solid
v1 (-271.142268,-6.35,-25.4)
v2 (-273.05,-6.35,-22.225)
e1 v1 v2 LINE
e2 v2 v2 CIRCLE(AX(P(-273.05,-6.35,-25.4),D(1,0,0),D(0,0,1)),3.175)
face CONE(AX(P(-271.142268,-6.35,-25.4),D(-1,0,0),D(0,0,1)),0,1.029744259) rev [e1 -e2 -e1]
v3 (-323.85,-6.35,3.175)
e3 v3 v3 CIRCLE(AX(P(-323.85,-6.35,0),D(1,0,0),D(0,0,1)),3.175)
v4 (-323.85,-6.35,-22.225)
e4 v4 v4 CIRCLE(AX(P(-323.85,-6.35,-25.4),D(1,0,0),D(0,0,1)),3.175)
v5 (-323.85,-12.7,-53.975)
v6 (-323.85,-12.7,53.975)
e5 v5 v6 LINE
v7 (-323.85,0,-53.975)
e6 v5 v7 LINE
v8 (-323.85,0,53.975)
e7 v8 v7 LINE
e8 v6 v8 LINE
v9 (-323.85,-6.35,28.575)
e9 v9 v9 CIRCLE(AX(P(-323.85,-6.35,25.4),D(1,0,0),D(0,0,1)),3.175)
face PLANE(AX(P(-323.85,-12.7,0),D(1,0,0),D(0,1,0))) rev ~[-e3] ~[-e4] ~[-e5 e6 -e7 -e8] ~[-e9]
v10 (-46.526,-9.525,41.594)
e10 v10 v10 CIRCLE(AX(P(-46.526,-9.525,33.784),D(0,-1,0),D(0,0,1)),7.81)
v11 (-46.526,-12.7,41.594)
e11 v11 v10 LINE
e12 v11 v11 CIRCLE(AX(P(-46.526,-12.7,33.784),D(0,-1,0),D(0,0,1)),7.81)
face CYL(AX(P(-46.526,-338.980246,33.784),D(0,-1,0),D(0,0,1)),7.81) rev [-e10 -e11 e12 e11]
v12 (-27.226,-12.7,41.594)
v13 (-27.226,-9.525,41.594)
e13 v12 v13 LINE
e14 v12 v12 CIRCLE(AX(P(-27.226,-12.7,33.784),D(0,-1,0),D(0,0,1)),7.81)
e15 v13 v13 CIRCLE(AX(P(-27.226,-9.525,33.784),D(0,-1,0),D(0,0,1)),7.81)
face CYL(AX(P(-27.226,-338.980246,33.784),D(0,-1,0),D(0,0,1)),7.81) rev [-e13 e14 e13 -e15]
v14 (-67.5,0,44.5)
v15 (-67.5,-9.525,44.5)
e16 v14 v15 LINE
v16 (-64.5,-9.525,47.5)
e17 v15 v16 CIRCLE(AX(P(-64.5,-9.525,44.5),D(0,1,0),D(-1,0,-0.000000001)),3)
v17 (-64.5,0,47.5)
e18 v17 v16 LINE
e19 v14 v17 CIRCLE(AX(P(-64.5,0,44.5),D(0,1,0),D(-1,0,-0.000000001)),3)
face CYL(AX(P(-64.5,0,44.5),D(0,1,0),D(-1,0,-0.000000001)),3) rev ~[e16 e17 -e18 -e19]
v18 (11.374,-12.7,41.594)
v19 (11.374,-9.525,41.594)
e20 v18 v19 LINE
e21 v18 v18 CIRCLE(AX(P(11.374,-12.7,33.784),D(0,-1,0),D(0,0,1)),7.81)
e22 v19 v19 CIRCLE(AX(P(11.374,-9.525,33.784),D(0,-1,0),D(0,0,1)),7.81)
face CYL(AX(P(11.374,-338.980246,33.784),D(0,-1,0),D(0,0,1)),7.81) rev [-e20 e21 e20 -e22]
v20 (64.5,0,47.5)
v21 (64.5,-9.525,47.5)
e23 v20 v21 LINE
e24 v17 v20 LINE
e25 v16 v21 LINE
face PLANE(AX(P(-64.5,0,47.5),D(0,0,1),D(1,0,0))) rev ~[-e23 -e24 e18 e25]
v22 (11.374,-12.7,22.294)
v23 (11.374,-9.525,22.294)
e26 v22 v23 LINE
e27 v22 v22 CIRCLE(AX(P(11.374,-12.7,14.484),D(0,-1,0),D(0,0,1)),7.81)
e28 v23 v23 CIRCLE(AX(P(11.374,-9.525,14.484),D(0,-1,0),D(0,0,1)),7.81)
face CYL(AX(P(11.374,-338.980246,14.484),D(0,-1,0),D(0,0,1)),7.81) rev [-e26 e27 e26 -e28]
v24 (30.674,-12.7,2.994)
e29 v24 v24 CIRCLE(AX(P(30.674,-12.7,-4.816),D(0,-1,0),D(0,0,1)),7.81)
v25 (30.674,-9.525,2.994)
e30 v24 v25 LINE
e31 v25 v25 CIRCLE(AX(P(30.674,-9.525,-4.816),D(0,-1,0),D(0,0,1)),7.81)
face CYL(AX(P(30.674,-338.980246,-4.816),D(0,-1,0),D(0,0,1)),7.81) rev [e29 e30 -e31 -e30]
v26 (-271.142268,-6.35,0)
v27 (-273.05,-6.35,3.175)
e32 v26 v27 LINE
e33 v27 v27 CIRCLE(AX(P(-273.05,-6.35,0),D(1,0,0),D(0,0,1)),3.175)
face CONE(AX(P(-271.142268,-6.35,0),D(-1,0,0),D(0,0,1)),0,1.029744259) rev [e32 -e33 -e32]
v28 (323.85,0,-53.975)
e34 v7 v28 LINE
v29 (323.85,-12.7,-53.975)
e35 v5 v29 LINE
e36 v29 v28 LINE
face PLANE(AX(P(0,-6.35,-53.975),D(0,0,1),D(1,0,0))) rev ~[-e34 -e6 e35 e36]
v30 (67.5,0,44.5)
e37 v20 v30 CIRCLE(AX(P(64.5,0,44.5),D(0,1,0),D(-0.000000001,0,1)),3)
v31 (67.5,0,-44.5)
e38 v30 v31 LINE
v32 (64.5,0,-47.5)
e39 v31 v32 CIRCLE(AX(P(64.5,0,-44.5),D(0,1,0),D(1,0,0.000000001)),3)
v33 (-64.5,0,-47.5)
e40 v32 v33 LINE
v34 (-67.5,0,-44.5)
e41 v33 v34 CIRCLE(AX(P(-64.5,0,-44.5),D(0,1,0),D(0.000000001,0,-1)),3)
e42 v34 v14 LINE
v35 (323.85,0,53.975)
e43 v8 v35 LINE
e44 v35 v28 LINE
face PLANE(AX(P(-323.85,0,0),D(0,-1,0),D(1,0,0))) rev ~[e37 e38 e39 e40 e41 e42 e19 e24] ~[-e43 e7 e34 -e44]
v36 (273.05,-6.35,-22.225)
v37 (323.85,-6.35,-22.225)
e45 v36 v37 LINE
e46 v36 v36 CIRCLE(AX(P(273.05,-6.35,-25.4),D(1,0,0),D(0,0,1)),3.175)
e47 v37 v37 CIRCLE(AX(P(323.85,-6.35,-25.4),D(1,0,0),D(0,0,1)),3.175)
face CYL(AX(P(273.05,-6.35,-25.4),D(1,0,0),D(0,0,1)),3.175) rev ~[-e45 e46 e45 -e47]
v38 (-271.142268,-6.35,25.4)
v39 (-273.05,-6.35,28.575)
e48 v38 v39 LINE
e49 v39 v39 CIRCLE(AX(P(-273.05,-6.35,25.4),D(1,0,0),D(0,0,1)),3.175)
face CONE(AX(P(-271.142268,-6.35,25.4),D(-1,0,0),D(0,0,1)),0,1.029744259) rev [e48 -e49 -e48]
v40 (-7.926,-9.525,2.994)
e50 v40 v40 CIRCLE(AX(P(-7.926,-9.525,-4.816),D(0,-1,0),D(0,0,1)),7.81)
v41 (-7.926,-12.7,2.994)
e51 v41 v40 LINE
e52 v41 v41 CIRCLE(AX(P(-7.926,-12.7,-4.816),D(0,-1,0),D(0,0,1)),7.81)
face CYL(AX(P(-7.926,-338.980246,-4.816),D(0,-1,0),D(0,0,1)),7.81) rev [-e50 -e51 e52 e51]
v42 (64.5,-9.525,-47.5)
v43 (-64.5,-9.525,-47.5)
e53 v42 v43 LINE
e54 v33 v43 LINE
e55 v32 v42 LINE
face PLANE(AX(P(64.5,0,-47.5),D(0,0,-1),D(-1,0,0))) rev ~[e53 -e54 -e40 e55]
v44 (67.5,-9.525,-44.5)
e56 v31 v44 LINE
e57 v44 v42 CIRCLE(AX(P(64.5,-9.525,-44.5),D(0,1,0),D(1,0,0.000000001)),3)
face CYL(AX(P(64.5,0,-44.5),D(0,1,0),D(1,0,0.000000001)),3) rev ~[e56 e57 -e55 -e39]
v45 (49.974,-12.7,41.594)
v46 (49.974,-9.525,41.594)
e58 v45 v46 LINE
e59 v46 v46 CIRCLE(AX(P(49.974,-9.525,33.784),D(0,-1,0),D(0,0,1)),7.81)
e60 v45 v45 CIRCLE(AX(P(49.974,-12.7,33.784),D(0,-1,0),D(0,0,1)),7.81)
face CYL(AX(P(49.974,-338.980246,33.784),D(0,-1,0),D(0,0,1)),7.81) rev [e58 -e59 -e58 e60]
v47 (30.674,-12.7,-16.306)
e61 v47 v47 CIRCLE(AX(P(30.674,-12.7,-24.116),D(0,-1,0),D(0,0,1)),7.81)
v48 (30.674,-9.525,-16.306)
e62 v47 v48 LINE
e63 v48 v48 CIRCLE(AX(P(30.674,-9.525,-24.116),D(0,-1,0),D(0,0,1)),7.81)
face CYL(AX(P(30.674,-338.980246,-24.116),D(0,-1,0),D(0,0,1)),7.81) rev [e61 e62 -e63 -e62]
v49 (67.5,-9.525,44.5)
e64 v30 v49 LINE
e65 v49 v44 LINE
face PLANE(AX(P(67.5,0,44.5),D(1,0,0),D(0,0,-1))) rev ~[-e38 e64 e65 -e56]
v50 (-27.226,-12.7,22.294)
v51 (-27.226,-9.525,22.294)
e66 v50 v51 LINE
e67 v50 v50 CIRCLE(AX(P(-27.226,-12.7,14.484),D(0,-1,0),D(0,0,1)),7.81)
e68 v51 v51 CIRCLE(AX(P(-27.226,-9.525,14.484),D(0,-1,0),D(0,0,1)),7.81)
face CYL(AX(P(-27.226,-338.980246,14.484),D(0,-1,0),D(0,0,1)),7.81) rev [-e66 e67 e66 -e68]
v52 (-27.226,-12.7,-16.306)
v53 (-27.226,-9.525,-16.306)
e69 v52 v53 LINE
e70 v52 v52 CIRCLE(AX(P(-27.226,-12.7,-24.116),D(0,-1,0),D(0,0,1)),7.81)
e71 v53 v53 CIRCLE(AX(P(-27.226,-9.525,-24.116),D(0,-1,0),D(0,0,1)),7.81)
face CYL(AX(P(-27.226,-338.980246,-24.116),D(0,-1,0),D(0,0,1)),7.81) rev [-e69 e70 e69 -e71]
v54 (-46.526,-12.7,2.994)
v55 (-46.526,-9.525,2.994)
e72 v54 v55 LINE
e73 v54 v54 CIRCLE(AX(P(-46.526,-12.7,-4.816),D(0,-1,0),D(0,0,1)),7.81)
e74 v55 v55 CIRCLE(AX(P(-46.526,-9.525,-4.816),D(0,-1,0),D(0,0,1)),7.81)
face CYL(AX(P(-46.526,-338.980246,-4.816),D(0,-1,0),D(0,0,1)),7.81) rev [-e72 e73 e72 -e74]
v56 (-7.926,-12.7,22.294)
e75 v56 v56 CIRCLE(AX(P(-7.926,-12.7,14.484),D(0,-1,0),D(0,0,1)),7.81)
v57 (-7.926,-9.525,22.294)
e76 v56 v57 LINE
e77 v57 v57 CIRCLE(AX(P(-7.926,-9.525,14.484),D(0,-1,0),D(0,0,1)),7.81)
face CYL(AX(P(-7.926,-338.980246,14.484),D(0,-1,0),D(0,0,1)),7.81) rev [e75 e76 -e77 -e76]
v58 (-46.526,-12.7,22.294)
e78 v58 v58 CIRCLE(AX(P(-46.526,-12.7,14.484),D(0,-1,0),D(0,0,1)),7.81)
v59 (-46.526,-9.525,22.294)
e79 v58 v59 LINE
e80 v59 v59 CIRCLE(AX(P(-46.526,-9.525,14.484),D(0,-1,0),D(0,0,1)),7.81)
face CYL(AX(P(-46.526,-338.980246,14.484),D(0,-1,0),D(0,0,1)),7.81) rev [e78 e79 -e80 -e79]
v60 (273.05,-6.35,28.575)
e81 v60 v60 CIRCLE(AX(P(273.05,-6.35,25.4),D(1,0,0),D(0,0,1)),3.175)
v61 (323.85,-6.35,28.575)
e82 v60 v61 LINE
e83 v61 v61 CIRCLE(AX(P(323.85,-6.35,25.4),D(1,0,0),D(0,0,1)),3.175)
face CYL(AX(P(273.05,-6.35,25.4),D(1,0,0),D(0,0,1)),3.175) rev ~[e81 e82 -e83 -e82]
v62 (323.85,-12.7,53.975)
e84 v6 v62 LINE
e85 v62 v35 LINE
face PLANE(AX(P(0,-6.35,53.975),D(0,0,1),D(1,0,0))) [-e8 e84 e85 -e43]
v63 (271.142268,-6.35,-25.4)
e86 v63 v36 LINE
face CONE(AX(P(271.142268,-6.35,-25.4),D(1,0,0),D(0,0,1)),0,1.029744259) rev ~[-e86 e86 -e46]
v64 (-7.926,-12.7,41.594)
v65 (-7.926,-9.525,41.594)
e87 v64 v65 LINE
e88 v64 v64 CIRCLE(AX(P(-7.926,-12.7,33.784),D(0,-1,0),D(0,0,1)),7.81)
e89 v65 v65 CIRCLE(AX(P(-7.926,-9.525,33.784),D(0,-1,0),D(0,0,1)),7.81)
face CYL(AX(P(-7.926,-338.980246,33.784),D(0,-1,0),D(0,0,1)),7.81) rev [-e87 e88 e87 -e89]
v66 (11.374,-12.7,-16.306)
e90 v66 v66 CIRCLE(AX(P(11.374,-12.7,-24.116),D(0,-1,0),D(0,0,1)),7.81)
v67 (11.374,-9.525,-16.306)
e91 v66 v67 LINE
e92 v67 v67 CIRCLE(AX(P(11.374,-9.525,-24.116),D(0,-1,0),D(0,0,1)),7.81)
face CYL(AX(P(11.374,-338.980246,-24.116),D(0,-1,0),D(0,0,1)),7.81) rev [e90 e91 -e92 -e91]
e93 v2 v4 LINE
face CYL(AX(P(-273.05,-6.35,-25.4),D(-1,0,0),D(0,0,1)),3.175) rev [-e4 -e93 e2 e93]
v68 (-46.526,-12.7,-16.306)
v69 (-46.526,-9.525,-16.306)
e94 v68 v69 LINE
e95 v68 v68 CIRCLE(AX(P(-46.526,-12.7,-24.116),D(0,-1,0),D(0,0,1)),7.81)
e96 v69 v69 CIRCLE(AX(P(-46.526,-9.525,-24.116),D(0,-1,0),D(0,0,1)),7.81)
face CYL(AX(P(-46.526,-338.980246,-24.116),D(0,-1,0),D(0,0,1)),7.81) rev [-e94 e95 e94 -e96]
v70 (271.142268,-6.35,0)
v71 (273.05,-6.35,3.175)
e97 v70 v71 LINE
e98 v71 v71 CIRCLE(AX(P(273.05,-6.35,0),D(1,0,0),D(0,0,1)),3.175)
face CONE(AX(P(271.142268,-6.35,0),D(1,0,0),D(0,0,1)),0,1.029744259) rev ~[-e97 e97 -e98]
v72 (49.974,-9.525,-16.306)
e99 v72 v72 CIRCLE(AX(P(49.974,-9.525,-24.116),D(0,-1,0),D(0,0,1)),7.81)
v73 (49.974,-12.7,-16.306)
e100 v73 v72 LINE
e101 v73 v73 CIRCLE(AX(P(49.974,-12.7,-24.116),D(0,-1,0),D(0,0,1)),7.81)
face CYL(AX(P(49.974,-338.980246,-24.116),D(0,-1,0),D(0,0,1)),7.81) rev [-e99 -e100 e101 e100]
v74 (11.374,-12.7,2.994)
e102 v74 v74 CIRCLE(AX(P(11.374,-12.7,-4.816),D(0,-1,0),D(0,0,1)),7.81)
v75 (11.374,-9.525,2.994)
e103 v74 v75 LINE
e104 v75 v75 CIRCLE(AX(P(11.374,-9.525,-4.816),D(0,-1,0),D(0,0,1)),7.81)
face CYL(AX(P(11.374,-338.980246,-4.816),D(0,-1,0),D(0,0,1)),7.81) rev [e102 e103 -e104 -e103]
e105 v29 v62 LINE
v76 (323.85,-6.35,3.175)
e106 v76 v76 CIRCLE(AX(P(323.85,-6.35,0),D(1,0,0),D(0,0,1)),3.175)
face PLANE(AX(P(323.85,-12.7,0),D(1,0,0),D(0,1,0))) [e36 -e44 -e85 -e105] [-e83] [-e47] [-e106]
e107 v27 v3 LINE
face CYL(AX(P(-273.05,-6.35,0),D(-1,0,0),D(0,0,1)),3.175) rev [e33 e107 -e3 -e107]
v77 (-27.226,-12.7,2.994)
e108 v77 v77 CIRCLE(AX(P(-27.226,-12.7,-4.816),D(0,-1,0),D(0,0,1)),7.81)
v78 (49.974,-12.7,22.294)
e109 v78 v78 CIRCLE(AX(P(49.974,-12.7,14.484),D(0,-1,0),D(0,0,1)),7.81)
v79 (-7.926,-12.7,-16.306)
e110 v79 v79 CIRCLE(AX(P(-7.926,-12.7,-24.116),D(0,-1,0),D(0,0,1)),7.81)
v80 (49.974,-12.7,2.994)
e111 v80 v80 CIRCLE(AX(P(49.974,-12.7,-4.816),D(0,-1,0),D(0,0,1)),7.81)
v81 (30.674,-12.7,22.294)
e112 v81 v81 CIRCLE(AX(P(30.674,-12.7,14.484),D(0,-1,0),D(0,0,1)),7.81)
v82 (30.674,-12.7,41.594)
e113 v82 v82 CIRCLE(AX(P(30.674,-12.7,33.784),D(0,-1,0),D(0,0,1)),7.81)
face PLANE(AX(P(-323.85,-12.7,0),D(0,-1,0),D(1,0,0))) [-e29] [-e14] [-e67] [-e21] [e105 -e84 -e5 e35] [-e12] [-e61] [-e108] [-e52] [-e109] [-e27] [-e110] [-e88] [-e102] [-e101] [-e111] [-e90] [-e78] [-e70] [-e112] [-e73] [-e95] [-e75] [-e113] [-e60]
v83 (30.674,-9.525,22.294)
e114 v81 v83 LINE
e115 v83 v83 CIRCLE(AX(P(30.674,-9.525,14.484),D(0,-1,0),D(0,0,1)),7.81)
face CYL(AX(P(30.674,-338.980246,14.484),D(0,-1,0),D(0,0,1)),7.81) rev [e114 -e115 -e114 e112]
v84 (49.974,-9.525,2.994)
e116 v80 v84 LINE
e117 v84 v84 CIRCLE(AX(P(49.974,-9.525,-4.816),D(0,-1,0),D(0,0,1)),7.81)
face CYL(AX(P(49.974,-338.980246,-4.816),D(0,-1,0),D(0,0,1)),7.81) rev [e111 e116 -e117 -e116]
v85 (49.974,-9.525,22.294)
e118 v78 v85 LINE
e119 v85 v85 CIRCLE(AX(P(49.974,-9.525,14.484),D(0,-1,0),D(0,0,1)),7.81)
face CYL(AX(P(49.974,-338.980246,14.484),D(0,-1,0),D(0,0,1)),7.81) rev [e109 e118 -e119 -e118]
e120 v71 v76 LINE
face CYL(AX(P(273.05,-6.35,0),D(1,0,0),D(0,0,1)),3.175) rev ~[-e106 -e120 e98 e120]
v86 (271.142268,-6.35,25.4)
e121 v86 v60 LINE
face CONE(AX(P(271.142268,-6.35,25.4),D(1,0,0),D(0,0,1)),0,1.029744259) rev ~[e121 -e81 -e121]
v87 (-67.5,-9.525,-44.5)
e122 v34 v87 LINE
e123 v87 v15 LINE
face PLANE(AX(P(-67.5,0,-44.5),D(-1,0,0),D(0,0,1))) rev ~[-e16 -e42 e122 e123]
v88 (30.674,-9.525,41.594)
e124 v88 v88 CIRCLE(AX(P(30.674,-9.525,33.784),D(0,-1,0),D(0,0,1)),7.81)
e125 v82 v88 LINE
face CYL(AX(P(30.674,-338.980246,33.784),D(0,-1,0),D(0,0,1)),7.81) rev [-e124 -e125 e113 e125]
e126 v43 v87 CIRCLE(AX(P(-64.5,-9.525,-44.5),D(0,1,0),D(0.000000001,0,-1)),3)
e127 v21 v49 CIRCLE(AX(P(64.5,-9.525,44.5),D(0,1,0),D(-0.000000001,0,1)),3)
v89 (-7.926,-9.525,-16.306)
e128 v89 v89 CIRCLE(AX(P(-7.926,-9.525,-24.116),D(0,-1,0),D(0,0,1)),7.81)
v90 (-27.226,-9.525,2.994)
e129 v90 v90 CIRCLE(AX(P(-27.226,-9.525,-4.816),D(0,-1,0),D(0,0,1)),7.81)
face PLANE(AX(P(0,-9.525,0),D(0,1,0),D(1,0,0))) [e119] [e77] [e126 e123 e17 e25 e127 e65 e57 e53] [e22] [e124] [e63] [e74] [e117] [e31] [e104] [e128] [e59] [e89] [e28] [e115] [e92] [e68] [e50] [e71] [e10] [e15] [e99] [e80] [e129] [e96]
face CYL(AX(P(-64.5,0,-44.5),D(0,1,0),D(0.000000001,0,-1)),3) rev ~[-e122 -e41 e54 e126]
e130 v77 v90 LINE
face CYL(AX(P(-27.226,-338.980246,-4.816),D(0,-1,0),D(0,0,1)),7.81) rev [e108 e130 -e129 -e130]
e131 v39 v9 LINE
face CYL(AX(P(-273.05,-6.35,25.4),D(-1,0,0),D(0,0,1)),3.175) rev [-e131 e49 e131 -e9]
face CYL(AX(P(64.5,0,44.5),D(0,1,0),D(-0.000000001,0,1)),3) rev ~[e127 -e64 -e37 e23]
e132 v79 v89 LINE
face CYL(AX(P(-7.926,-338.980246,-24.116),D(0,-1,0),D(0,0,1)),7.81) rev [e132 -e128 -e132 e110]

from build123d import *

# Parameters (mm, degrees)
SKETCH2_W                         = 647.7
SKETCH2_H                         = 12.7
BOSS_EXTRUDE1_DEPTH               = 53.975
CUT_EXTRUDE1_DEPTH                = 9.525
CUT_EXTRUDE2_DEPTH                = 329.45524619
CUT_EXTRUDE2_DEPTH_BACK           = 329.45524619
SKETCH4_R                         = 7.81
F_1_4_20_THREADED_HOLE_AT_2_COUNT = 2
F_1_4_20_THREADED_HOLE_AT_2_PITCH = 25.4
F_1_4_20_THREADED_HOLE_AT_3_COUNT = 2
F_1_4_20_THREADED_HOLE_AT_3_PITCH = 50.8


with BuildPart() as part:
    # Sketch2 → Boss-Extrude1 (new, symmetric)
    with BuildSketch(Plane.XY):
        with Locations((0, -6.35)):
            Rectangle(SKETCH2_W, SKETCH2_H)
    extrude(amount=BOSS_EXTRUDE1_DEPTH, both=True)

    # Sketch3 → Cut-Extrude1 (cut)
    with BuildSketch(Plane(origin=(0, 0, 0), x_dir=(1, 0, 0), z_dir=(0, 1, 0))):
        with BuildLine():
            Line((64.5, 47.5), (-64.5, 47.5))
            ThreePointArc((-64.5, 47.5), (-66.621320344, 46.621320344), (-67.5, 44.5))
            Line((-67.5, 44.5), (-67.5, -44.5))
            ThreePointArc((-67.5, -44.5), (-66.621320344, -46.621320344), (-64.5, -47.5))
            Line((-64.5, -47.5), (64.5, -47.5))
            ThreePointArc((64.5, -47.5), (66.621320344, -46.621320344), (67.5, -44.5))
            Line((67.5, -44.5), (67.5, 44.5))
            ThreePointArc((67.5, 44.5), (66.621320344, 46.621320344), (64.5, 47.5))
        make_face()
    extrude(amount=-CUT_EXTRUDE1_DEPTH, mode=Mode.SUBTRACT)

    # Sketch4 → Cut-Extrude2 (cut, two sides: drawn at the far end of the back side and taken through both)
    with BuildSketch(Plane(origin=(0, -9.525, 0), x_dir=(1, 0, 0), z_dir=(0, 1, 0)).offset(-CUT_EXTRUDE2_DEPTH_BACK)):
        with Locations(Location((-46.526, 24.116, 0), (0, 0, 270))):
            Circle(SKETCH4_R)
        with Locations(Location((-27.226, 24.116, 0), (0, 0, 270))):
            Circle(SKETCH4_R)
        with Locations(Location((-7.926, 24.116, 0), (0, 0, 270))):
            Circle(SKETCH4_R)
        with Locations(Location((11.374, 24.116, 0), (0, 0, 270))):
            Circle(SKETCH4_R)
        with Locations(Location((30.674, 24.116, 0), (0, 0, 270))):
            Circle(SKETCH4_R)
        with Locations(Location((49.974, 24.116, 0), (0, 0, 270))):
            Circle(SKETCH4_R)
        with Locations(Location((-27.226, 4.816, 0), (0, 0, 270))):
            Circle(SKETCH4_R)
        with Locations(Location((-7.926, 4.816, 0), (0, 0, 270))):
            Circle(SKETCH4_R)
        with Locations(Location((11.374, 4.816, 0), (0, 0, 270))):
            Circle(SKETCH4_R)
        with Locations(Location((30.674, 4.816, 0), (0, 0, 270))):
            Circle(SKETCH4_R)
        with Locations(Location((49.974, 4.816, 0), (0, 0, 270))):
            Circle(SKETCH4_R)
        with Locations(Location((-27.226, -14.484, 0), (0, 0, 270))):
            Circle(SKETCH4_R)
        with Locations(Location((-7.926, -14.484, 0), (0, 0, 270))):
            Circle(SKETCH4_R)
        with Locations(Location((11.374, -14.484, 0), (0, 0, 270))):
            Circle(SKETCH4_R)
        with Locations(Location((30.674, -14.484, 0), (0, 0, 270))):
            Circle(SKETCH4_R)
        with Locations(Location((49.974, -14.484, 0), (0, 0, 270))):
            Circle(SKETCH4_R)
        with Locations(Location((-27.226, -33.784, 0), (0, 0, 270))):
            Circle(SKETCH4_R)
        with Locations(Location((-7.926, -33.784, 0), (0, 0, 270))):
            Circle(SKETCH4_R)
        with Locations(Location((11.374, -33.784, 0), (0, 0, 270))):
            Circle(SKETCH4_R)
        with Locations(Location((30.674, -33.784, 0), (0, 0, 270))):
            Circle(SKETCH4_R)
        with Locations(Location((49.974, -33.784, 0), (0, 0, 270))):
            Circle(SKETCH4_R)
        with Locations(Location((-46.526, 4.816, 0), (0, 0, 270))):
            Circle(SKETCH4_R)
        with Locations(Location((-46.526, -14.484, 0), (0, 0, 270))):
            Circle(SKETCH4_R)
        with Locations(Location((-46.526, -33.784, 0), (0, 0, 270))):
            Circle(SKETCH4_R)
    extrude(amount=CUT_EXTRUDE2_DEPTH + CUT_EXTRUDE2_DEPTH_BACK, mode=Mode.SUBTRACT)

    # Sketch6 → 1/4"-20 threaded hole (revolve, cut)
    with BuildSketch(Plane(origin=(-323.85, -6.35, -25.4), x_dir=(0, 0, 1), z_dir=(0, 1, 0))):
        Polygon((0, 0), (0, 52.707732465), (3.175, 50.8), (3.175, 0), align=None)
    f_1_4_20_threaded_hole = revolve(axis=Axis((-330.2, -6.35, -25.4), (1, 0, 0)), mode=Mode.SUBTRACT)

    # 1/4"-20 threaded hole at 2: 1/4"-20 threaded hole ×2
    with Locations(*[(0, 0, i * F_1_4_20_THREADED_HOLE_AT_2_PITCH) for i in range(1, F_1_4_20_THREADED_HOLE_AT_2_COUNT)]):
        add(f_1_4_20_threaded_hole, mode=Mode.SUBTRACT)

    # 1/4"-20 threaded hole at 3: 1/4"-20 threaded hole ×2
    with Locations(*[(0, 0, i * F_1_4_20_THREADED_HOLE_AT_3_PITCH) for i in range(1, F_1_4_20_THREADED_HOLE_AT_3_COUNT)]):
        add(f_1_4_20_threaded_hole, mode=Mode.SUBTRACT)

    # Mirror1: 1/4"-20 threaded hole across plane
    add(f_1_4_20_threaded_hole.mirror(Plane(origin=(0, 0, 0), x_dir=(0, 0, 1), z_dir=(1, 0, 0))), mode=Mode.SUBTRACT)

    # Mirror1 copy 1 sketch → Mirror1 copy 1 (revolve, cut)
    with BuildSketch(Plane(origin=(323.85, -6.35, 0), x_dir=(0, 0, 1), z_dir=(0, 1, 0))):
        Polygon((0, 0), (0, -52.707732465), (3.175, -50.8), (3.175, 0), align=None)
    revolve(axis=Axis((330.2, -6.35, 0), (1, 0, 0)), mode=Mode.SUBTRACT)

    # Mirror1 copy 2 sketch → Mirror1 copy 2 (revolve, cut)
    with BuildSketch(Plane(origin=(323.85, -6.35, 25.4), x_dir=(0, 0, 1), z_dir=(0, 1, 0))):
        Polygon((0, 0), (0, -52.707732465), (3.175, -50.8), (3.175, 0), align=None)
    revolve(axis=Axis((330.2, -6.35, 25.4), (1, 0, 0)), mode=Mode.SUBTRACT)


solid = part.part
